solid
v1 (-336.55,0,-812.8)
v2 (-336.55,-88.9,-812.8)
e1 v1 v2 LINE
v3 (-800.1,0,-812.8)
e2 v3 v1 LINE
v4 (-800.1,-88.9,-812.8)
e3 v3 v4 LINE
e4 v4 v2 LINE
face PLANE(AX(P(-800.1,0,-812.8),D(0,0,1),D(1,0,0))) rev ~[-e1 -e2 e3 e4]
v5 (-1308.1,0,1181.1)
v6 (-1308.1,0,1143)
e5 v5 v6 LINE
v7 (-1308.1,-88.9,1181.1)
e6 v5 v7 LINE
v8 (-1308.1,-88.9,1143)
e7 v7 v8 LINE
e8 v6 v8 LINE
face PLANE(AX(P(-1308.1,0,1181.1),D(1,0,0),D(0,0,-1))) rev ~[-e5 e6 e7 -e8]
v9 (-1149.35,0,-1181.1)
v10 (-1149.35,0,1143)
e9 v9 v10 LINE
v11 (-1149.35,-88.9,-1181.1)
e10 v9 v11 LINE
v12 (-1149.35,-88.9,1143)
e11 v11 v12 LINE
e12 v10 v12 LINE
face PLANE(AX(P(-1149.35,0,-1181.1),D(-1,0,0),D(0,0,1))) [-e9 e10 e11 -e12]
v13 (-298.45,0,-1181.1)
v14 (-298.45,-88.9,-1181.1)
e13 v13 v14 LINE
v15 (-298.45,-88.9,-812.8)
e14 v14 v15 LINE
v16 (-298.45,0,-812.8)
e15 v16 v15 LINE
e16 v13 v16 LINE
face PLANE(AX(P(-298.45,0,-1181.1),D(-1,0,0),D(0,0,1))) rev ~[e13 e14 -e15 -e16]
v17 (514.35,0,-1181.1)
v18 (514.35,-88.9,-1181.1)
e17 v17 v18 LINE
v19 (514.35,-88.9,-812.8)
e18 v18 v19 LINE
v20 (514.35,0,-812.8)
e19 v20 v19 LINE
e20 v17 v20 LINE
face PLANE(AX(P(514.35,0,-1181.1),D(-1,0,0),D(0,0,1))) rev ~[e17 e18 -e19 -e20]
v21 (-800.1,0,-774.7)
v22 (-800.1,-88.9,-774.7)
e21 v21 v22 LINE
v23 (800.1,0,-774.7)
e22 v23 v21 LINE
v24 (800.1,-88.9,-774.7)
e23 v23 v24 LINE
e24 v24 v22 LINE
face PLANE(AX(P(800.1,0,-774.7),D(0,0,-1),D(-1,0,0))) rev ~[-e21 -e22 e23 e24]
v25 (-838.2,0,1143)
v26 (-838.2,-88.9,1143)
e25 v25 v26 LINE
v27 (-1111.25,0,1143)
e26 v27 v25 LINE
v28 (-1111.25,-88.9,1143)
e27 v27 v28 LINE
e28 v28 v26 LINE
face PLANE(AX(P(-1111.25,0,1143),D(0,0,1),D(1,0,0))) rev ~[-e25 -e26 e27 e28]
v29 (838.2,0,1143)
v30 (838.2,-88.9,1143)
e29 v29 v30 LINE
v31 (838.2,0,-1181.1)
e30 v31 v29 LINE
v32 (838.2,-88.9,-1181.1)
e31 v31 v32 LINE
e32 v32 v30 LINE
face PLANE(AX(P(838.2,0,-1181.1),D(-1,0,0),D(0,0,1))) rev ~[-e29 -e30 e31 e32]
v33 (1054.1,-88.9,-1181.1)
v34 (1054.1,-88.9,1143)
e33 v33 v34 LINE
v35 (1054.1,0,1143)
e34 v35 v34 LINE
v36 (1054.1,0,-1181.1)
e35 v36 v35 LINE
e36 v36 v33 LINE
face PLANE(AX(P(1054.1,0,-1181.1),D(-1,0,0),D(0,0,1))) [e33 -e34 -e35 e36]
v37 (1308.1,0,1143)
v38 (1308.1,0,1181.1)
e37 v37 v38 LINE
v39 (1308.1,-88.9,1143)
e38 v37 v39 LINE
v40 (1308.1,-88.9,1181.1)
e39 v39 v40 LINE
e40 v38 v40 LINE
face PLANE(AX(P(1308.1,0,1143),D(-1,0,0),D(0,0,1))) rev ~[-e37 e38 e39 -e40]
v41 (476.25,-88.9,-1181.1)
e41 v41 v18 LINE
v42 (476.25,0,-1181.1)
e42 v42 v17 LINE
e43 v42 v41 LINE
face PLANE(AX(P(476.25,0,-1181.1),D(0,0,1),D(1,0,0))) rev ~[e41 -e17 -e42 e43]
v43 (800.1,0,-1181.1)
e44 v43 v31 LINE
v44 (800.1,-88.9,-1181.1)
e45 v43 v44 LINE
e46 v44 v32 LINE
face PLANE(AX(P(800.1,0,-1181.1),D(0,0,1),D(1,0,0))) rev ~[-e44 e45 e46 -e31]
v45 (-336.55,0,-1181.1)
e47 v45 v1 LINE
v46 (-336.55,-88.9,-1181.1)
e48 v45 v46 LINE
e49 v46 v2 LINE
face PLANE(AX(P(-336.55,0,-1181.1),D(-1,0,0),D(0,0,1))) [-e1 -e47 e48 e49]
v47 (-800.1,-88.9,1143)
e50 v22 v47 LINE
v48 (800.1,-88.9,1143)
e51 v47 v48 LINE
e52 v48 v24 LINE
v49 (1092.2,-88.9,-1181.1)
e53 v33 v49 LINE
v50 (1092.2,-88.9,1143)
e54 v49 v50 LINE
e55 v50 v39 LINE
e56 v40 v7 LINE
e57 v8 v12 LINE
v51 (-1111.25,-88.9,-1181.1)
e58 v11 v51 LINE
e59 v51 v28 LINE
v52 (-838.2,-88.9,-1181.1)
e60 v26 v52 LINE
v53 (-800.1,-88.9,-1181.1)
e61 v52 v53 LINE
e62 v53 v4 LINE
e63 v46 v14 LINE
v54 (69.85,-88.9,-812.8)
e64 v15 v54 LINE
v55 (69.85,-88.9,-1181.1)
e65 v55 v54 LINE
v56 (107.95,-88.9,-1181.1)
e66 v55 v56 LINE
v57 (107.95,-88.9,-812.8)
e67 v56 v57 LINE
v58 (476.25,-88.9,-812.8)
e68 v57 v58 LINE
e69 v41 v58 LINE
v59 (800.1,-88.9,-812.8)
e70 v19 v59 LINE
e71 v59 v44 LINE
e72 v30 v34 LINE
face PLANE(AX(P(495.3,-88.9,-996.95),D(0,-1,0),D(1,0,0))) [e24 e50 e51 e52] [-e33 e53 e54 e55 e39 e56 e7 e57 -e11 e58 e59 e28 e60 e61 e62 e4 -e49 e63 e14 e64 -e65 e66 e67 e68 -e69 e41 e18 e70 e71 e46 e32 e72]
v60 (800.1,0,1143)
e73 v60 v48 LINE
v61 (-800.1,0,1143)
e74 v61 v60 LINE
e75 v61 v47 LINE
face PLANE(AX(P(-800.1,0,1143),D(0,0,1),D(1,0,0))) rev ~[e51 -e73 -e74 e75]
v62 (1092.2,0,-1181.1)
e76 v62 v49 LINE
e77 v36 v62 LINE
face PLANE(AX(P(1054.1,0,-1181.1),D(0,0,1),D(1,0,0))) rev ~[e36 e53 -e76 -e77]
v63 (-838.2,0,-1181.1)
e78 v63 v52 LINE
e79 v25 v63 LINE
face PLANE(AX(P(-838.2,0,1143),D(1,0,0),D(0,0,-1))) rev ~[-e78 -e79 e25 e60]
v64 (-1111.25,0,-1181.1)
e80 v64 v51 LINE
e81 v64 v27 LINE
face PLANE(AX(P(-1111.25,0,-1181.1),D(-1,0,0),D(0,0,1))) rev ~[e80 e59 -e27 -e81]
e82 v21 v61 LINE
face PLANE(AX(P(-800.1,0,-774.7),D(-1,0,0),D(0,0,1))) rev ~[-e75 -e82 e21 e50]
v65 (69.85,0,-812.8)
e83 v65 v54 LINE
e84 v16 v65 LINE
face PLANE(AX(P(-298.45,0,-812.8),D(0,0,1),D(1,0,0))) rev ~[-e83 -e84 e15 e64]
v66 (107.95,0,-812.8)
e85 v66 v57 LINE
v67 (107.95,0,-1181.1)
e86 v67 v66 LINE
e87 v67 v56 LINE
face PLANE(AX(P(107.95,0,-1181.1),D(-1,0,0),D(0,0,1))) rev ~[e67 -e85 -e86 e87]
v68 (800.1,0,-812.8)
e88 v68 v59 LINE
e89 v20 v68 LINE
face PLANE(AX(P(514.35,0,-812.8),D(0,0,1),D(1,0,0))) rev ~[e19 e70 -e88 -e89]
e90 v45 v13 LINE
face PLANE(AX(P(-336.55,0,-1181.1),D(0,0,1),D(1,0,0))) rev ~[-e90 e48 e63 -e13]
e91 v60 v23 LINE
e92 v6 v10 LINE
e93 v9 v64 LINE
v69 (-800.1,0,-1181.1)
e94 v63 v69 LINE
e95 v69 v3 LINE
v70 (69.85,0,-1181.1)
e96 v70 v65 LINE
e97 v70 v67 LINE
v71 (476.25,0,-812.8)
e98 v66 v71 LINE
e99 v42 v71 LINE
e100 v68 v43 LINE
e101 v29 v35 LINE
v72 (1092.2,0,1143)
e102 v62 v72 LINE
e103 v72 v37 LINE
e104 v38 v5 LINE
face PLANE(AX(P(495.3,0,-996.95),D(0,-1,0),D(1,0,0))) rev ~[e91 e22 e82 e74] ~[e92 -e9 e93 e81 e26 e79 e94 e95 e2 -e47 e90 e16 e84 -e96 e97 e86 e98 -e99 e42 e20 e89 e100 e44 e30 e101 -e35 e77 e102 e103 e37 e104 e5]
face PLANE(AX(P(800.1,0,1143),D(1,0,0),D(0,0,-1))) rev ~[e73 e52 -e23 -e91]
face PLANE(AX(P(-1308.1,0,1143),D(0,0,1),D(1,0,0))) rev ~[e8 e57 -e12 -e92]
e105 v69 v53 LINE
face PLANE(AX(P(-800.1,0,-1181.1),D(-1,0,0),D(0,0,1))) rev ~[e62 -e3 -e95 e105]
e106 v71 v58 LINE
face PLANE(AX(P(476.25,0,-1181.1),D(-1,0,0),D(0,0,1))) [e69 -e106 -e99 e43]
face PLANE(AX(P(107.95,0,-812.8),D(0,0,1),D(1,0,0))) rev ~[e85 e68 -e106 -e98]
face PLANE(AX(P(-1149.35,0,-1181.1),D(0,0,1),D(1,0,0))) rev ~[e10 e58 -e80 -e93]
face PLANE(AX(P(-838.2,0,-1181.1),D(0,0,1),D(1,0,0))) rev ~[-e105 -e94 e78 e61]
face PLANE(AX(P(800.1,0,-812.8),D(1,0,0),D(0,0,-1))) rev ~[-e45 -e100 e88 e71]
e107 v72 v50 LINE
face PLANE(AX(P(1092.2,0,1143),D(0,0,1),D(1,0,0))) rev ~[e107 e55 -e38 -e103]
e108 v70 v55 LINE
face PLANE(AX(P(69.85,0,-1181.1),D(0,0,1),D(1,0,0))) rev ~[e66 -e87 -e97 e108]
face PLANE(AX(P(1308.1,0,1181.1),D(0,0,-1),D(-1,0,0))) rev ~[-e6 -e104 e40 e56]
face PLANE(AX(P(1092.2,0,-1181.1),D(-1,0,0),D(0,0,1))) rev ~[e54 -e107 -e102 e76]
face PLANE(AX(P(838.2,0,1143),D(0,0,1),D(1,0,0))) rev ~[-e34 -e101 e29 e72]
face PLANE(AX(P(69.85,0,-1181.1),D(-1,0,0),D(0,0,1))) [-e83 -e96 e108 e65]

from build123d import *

# Parameters (mm, degrees)
F0_W     = 38.1
F0_H     = 368.3
F0_H_2   = 2324.1
F1_DEPTH = 88.9


with BuildPart() as f1:
    # F0 (on Front) → F1 (new body)
    with BuildSketch(Plane.XZ):
        with Locations((495.3, -996.95)):
            Rectangle(F0_W, F0_H)
        with Locations((88.9, -996.95)):
            Rectangle(F0_W, F0_H)
        with Locations((-317.5, -996.95)):
            Rectangle(F0_W, F0_H)
        with Locations((-1130.3, -19.05)):
            Rectangle(F0_W, F0_H_2)
        with Locations((1073.15, -19.05)):
            Rectangle(F0_W, F0_H_2)
        Polygon((838.2, 1143), (800.1, 1143), (800.1, -774.7), (800.1, -812.8), (800.1, -1181.1), (838.2, -1181.1), align=None)
        Polygon((-838.2, 1143), (-838.2, -1181.1), (-800.1, -1181.1), (-800.1, -812.8), (-800.1, -774.7), (-800.1, 1143), align=None)
        Polygon((-1308.1, 1181.1), (-1308.1, 1143), (-1149.35, 1143), (-1111.25, 1143), (-838.2, 1143), (-800.1, 1143), (800.1, 1143), (838.2, 1143), (1054.1, 1143), (1092.2, 1143), (1308.1, 1143), (1308.1, 1181.1), align=None)
        Polygon((-800.1, -774.7), (-800.1, -812.8), (-336.55, -812.8), (-298.45, -812.8), (69.85, -812.8), (107.95, -812.8), (476.25, -812.8), (514.35, -812.8), (800.1, -812.8), (800.1, -774.7), align=None)
    extrude(amount=F1_DEPTH)


solid = f1.part
